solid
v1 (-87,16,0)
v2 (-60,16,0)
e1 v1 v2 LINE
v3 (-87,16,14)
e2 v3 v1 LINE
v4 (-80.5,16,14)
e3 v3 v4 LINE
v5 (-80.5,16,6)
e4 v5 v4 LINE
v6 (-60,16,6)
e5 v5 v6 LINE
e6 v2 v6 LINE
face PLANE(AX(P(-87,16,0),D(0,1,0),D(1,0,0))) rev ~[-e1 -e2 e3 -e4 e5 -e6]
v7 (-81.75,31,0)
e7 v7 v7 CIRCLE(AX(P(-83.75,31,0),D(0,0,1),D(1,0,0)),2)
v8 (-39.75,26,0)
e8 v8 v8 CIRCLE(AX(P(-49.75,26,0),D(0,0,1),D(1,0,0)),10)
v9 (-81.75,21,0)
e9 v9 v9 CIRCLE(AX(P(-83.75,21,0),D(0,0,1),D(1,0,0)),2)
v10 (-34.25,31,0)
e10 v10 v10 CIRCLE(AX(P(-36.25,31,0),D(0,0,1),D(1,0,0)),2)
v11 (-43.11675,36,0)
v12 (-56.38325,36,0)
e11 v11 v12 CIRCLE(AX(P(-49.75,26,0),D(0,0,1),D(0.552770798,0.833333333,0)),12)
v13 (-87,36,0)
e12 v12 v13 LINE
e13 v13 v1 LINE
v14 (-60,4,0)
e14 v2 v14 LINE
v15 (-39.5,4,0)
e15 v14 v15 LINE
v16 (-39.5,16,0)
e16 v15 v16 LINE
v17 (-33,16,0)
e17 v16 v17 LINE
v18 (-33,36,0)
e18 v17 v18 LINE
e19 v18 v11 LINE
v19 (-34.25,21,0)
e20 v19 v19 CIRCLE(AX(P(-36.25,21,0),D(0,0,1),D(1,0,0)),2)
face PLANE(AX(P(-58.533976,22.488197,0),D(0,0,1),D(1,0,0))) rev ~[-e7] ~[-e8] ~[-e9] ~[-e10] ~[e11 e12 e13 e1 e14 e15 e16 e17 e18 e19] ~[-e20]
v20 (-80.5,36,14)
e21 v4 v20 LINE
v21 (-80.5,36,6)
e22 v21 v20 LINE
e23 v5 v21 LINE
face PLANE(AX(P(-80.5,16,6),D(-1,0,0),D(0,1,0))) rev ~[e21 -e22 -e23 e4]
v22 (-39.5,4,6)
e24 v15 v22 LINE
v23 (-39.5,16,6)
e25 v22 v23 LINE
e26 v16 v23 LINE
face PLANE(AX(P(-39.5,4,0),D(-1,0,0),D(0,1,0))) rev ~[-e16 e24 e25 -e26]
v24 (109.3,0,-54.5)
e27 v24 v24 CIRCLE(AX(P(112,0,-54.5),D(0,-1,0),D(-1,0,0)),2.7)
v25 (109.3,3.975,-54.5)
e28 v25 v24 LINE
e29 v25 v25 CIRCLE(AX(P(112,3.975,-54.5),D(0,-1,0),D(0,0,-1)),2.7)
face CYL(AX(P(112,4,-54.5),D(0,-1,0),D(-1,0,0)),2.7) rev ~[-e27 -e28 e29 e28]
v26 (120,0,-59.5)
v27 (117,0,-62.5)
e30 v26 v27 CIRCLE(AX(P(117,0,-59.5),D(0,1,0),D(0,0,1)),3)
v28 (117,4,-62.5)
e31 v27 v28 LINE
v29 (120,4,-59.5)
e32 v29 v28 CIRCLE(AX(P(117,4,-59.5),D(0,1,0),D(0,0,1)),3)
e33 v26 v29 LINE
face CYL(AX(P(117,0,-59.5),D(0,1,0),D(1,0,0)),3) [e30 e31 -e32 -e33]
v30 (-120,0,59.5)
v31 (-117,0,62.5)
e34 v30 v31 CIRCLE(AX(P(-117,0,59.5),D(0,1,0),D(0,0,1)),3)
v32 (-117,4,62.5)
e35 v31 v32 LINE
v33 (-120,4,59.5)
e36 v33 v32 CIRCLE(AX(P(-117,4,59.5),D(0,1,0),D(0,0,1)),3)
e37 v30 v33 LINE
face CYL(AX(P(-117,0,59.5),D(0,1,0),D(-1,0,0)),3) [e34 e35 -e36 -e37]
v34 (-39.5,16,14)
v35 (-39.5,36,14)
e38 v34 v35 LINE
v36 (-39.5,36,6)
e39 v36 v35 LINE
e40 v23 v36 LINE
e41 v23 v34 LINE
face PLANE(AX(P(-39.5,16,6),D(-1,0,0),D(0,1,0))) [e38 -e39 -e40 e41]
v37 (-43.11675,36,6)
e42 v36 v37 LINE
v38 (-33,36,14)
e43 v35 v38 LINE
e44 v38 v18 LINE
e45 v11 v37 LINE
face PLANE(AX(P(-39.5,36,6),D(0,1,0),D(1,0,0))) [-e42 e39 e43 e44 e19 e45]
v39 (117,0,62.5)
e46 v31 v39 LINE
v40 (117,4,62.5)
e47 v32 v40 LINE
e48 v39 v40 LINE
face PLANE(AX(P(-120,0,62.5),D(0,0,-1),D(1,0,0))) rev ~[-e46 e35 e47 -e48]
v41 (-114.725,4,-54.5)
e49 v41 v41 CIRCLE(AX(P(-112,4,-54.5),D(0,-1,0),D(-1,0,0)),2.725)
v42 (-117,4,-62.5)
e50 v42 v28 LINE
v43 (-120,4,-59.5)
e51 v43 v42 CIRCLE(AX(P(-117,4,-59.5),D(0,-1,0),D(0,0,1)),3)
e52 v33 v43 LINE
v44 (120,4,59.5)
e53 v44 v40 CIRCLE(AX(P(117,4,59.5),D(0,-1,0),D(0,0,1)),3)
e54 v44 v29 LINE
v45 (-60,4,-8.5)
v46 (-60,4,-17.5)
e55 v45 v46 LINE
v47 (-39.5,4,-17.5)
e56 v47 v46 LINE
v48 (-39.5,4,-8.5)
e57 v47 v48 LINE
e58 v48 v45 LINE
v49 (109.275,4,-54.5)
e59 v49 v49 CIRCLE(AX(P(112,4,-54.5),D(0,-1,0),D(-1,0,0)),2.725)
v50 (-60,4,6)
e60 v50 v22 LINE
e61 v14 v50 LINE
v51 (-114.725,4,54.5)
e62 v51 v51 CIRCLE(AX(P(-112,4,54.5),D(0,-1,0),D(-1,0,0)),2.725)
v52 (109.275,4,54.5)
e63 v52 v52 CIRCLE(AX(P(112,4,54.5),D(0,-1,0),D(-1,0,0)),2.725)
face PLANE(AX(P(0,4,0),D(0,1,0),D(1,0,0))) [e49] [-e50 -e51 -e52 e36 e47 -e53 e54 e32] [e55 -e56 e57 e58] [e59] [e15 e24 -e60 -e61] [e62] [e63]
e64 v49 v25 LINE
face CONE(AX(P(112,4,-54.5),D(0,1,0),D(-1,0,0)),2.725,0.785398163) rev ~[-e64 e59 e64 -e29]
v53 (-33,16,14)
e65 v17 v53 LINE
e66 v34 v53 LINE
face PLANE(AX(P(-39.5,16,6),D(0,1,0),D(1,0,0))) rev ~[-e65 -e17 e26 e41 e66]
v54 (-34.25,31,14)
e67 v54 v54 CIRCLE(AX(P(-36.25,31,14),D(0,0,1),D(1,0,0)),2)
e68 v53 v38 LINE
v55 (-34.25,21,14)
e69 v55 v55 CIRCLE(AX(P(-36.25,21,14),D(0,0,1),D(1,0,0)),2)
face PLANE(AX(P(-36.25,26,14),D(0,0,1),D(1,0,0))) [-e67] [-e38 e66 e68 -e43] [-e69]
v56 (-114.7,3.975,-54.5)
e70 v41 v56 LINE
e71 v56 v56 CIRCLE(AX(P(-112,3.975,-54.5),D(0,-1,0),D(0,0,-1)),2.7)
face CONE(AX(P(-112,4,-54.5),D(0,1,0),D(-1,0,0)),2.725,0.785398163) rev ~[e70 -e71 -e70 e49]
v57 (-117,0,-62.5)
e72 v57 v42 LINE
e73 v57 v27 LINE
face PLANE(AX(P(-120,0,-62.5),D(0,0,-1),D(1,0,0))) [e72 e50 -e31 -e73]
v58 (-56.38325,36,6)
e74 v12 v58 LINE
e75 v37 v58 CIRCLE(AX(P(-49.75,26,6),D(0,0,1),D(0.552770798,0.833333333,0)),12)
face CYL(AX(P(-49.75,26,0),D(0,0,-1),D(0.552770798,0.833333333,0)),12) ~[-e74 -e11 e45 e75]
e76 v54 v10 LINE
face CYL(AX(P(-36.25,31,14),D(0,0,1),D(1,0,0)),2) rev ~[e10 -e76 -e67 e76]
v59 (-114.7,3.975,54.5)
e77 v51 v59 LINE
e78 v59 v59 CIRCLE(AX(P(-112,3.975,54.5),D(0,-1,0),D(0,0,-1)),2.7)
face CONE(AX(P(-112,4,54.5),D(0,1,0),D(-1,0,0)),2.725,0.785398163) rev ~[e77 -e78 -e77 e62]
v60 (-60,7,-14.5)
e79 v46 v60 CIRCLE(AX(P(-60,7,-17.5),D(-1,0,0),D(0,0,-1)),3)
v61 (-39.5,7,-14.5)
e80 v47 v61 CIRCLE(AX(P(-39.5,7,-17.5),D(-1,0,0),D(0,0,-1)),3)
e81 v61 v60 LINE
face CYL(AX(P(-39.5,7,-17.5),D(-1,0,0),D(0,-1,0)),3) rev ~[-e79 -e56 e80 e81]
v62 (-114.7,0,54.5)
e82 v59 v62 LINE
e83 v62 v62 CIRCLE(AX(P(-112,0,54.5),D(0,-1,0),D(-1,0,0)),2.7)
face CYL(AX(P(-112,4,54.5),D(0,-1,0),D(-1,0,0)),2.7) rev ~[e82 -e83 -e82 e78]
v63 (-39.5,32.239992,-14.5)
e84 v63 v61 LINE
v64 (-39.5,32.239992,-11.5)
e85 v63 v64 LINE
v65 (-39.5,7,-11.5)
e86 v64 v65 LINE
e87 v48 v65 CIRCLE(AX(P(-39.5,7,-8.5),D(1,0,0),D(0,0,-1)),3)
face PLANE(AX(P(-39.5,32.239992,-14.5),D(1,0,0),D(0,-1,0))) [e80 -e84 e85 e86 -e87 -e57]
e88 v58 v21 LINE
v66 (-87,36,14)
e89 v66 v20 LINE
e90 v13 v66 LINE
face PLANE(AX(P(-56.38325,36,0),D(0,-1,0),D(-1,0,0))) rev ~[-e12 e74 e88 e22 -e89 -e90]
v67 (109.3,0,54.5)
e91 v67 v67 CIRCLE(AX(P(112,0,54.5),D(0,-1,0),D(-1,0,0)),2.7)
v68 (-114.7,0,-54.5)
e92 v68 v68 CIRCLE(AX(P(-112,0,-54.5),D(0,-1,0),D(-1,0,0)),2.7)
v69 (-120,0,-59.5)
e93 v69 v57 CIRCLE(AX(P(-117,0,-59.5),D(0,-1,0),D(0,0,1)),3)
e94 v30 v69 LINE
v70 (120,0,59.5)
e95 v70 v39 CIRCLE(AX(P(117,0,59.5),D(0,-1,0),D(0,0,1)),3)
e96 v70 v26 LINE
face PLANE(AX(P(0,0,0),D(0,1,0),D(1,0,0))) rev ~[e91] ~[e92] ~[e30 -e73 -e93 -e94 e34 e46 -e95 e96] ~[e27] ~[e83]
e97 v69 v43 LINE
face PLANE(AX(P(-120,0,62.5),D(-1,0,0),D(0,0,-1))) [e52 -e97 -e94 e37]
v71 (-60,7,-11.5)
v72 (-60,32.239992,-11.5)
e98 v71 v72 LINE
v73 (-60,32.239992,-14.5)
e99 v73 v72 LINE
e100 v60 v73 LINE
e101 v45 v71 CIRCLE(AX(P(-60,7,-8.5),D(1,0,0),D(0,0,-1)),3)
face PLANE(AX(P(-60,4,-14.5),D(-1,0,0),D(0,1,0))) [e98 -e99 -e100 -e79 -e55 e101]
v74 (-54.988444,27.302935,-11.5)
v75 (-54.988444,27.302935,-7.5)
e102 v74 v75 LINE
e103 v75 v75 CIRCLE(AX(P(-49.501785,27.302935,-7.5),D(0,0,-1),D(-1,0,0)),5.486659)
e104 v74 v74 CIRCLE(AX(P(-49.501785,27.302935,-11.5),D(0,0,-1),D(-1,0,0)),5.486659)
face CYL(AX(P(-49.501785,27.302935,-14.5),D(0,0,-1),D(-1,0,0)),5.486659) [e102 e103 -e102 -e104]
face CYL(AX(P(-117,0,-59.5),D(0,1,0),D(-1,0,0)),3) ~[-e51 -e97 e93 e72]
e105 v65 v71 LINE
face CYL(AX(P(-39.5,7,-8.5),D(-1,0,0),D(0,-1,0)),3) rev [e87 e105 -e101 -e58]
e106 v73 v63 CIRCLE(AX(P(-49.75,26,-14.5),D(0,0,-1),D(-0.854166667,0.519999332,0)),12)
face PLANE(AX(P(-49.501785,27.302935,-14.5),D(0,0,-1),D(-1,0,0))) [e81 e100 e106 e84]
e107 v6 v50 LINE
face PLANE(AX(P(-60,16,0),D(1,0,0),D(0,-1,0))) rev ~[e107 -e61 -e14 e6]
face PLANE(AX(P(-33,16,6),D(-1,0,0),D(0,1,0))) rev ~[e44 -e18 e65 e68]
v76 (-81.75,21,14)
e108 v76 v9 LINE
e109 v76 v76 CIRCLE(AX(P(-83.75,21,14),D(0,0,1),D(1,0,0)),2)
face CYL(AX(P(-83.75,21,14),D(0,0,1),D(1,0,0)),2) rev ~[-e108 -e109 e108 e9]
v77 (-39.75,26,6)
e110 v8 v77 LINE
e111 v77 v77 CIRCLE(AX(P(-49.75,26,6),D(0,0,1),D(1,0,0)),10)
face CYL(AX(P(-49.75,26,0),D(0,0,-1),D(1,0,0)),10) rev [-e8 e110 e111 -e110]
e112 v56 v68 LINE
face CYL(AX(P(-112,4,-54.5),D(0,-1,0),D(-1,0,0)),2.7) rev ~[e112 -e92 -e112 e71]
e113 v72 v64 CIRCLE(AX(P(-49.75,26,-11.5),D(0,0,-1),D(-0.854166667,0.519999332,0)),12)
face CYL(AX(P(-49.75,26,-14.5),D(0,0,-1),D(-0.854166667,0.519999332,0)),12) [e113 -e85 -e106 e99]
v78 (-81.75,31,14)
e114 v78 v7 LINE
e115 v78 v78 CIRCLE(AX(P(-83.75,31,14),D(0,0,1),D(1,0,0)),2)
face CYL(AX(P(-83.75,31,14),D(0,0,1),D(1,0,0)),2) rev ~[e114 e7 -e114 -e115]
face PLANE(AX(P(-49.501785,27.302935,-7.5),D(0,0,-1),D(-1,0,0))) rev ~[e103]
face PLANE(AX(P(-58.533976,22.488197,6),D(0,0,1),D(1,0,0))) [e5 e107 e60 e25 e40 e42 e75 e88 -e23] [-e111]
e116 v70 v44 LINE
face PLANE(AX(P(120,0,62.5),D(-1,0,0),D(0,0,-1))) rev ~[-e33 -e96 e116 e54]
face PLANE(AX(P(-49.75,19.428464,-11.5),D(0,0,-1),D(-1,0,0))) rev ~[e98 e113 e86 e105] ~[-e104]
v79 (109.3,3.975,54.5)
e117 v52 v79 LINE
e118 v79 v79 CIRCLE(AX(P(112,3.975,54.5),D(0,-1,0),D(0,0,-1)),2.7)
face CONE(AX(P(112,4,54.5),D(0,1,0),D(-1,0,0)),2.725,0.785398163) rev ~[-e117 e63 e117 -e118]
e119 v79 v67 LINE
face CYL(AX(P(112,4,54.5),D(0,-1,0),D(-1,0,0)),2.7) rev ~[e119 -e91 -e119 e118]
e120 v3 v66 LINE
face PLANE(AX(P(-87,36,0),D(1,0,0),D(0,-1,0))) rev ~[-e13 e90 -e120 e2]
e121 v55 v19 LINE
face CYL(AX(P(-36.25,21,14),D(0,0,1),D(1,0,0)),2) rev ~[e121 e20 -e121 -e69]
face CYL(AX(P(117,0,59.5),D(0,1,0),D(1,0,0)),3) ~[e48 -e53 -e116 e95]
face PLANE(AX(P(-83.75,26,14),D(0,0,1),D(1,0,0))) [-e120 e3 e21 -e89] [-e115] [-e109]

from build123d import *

# Parameters (mm, degrees)
SKETCH_1_W                        = 240
SKETCH_1_H                        = 125
EXTRUDE_1_DEPTH                   = 4
HOLE_WIZARD_5_4_5_4_1_D           = 5.4
HOLE_WIZARD_5_4_5_4_1_CSINK_D     = 5.45
HOLE_WIZARD_5_4_5_4_1_CSINK_ANGLE = 90
FILLET_1_R                        = 3
SKETCH_5_R                        = 10
EXTRUDE_2_DEPTH                   = 6
EXTRUDE_START                     = 14.5
EXTRUDE_3_DEPTH                   = 3
FILLET_2_R                        = 3
SKETCH_8_W                        = 6.5
SKETCH_8_H                        = 20
EXTRUDE_4_DEPTH                   = 8
SKETCH_10_R                       = 2
CUT_EXTRUDE_1_DEPTH               = 148.296469747
SKETCH_11_R                       = 5.486659136
EXTRUDE_5_DEPTH                   = 7


with BuildPart() as part:
    # 草图1 → 凸台-拉伸1 (new body)
    with BuildSketch(Plane(origin=(0, 0, 0), x_dir=(1, 0, 0), z_dir=(0, 1, 0))):
        Rectangle(SKETCH_1_W, SKETCH_1_H)
    extrude(amount=EXTRUDE_1_DEPTH)

    # Ø5.4 (5.4) 直径孔1 (through all)
    with Locations(Plane(origin=(0, 4, 0), x_dir=(1, 0, 0), z_dir=(0, 1, 0))):
        with Locations((112, 54.5), (-112, 54.5), (-112, -54.5), (112, -54.5)):
            CounterSinkHole(HOLE_WIZARD_5_4_5_4_1_D / 2, HOLE_WIZARD_5_4_5_4_1_CSINK_D / 2, counter_sink_angle=HOLE_WIZARD_5_4_5_4_1_CSINK_ANGLE)

    # 圆角1
    fillet_1_edges = [part.edges().sort_by_distance(p)[0] for p in [
        (120, 2, 62.5),
        (-120, 2, 62.5),
        (-120, 2, -62.5),
        (120, 2, -62.5),
    ]]
    fillet(fillet_1_edges, radius=FILLET_1_R)

    # 草图5 → 凸台-拉伸2 (add)
    with BuildSketch(Plane.XY):
        with BuildLine():
            Line((-60, 4), (-39.5, 4))
            Line((-39.5, 4), (-39.5, 16))
            Line((-39.5, 16), (-33, 16))
            Line((-33, 16), (-33, 36))
            Line((-33, 36), (-43.116750419, 36))
            ThreePointArc((-43.116750419, 36), (-49.75, 38), (-56.383249581, 36))
            Line((-56.383249581, 36), (-87, 36))
            Line((-87, 36), (-87, 16))
            Line((-87, 16), (-60, 16))
            Line((-60, 16), (-60, 4))
        make_face()
        with Locations((-49.75, 26)):
            Circle(SKETCH_5_R, mode=Mode.SUBTRACT)
    extrude(amount=EXTRUDE_2_DEPTH)

    # 草图6 → 凸台-拉伸3 (add)
    with BuildSketch(Plane(origin=(0, 0, 0), x_dir=(-1, 0, 0), z_dir=(0, 0, -1)).offset(EXTRUDE_START)):
        with BuildLine():
            Line((39.5, 4), (60, 4))
            Line((60, 4), (60, 32.239991987))
            ThreePointArc((60, 32.239991987), (49.75, 38), (39.5, 32.239991987))
            Line((39.5, 32.239991987), (39.5, 4))
        make_face()
    extrude(amount=-EXTRUDE_3_DEPTH)

    # 圆角2
    fillet_2_edges = [part.edges().sort_by_distance(p)[0] for p in [
        (-49.75, 4, -11.5),
        (-49.75, 4, -14.5),
    ]]
    fillet(fillet_2_edges, radius=FILLET_2_R)

    # 草图8 → 凸台-拉伸4 (add)
    with BuildSketch(Plane.XY.offset(6)):
        with Locations((-36.25, 26)):
            Rectangle(SKETCH_8_W, SKETCH_8_H)
        with Locations((-83.75, 26)):
            Rectangle(SKETCH_8_W, SKETCH_8_H)
    extrude(amount=EXTRUDE_4_DEPTH)

    # 草图10 → 切除-拉伸1 (cut, through all)
    with BuildSketch(Plane.XY.offset(14)):
        with Locations((-83.75, 31)):
            Circle(SKETCH_10_R)
        with Locations((-83.75, 21)):
            Circle(SKETCH_10_R)
        with Locations((-36.25, 21)):
            Circle(SKETCH_10_R)
        with Locations((-36.25, 31)):
            Circle(SKETCH_10_R)
    extrude(amount=-CUT_EXTRUDE_1_DEPTH, mode=Mode.SUBTRACT)

    # 草图11 → 凸台-拉伸5 (add)
    with BuildSketch(Plane(origin=(0, 0, -14.5), x_dir=(-1, 0, 0), z_dir=(0, 0, -1))):
        with Locations((49.501785155, 27.302934709)):
            Circle(SKETCH_11_R)
    extrude(amount=-EXTRUDE_5_DEPTH)


solid = part.part
